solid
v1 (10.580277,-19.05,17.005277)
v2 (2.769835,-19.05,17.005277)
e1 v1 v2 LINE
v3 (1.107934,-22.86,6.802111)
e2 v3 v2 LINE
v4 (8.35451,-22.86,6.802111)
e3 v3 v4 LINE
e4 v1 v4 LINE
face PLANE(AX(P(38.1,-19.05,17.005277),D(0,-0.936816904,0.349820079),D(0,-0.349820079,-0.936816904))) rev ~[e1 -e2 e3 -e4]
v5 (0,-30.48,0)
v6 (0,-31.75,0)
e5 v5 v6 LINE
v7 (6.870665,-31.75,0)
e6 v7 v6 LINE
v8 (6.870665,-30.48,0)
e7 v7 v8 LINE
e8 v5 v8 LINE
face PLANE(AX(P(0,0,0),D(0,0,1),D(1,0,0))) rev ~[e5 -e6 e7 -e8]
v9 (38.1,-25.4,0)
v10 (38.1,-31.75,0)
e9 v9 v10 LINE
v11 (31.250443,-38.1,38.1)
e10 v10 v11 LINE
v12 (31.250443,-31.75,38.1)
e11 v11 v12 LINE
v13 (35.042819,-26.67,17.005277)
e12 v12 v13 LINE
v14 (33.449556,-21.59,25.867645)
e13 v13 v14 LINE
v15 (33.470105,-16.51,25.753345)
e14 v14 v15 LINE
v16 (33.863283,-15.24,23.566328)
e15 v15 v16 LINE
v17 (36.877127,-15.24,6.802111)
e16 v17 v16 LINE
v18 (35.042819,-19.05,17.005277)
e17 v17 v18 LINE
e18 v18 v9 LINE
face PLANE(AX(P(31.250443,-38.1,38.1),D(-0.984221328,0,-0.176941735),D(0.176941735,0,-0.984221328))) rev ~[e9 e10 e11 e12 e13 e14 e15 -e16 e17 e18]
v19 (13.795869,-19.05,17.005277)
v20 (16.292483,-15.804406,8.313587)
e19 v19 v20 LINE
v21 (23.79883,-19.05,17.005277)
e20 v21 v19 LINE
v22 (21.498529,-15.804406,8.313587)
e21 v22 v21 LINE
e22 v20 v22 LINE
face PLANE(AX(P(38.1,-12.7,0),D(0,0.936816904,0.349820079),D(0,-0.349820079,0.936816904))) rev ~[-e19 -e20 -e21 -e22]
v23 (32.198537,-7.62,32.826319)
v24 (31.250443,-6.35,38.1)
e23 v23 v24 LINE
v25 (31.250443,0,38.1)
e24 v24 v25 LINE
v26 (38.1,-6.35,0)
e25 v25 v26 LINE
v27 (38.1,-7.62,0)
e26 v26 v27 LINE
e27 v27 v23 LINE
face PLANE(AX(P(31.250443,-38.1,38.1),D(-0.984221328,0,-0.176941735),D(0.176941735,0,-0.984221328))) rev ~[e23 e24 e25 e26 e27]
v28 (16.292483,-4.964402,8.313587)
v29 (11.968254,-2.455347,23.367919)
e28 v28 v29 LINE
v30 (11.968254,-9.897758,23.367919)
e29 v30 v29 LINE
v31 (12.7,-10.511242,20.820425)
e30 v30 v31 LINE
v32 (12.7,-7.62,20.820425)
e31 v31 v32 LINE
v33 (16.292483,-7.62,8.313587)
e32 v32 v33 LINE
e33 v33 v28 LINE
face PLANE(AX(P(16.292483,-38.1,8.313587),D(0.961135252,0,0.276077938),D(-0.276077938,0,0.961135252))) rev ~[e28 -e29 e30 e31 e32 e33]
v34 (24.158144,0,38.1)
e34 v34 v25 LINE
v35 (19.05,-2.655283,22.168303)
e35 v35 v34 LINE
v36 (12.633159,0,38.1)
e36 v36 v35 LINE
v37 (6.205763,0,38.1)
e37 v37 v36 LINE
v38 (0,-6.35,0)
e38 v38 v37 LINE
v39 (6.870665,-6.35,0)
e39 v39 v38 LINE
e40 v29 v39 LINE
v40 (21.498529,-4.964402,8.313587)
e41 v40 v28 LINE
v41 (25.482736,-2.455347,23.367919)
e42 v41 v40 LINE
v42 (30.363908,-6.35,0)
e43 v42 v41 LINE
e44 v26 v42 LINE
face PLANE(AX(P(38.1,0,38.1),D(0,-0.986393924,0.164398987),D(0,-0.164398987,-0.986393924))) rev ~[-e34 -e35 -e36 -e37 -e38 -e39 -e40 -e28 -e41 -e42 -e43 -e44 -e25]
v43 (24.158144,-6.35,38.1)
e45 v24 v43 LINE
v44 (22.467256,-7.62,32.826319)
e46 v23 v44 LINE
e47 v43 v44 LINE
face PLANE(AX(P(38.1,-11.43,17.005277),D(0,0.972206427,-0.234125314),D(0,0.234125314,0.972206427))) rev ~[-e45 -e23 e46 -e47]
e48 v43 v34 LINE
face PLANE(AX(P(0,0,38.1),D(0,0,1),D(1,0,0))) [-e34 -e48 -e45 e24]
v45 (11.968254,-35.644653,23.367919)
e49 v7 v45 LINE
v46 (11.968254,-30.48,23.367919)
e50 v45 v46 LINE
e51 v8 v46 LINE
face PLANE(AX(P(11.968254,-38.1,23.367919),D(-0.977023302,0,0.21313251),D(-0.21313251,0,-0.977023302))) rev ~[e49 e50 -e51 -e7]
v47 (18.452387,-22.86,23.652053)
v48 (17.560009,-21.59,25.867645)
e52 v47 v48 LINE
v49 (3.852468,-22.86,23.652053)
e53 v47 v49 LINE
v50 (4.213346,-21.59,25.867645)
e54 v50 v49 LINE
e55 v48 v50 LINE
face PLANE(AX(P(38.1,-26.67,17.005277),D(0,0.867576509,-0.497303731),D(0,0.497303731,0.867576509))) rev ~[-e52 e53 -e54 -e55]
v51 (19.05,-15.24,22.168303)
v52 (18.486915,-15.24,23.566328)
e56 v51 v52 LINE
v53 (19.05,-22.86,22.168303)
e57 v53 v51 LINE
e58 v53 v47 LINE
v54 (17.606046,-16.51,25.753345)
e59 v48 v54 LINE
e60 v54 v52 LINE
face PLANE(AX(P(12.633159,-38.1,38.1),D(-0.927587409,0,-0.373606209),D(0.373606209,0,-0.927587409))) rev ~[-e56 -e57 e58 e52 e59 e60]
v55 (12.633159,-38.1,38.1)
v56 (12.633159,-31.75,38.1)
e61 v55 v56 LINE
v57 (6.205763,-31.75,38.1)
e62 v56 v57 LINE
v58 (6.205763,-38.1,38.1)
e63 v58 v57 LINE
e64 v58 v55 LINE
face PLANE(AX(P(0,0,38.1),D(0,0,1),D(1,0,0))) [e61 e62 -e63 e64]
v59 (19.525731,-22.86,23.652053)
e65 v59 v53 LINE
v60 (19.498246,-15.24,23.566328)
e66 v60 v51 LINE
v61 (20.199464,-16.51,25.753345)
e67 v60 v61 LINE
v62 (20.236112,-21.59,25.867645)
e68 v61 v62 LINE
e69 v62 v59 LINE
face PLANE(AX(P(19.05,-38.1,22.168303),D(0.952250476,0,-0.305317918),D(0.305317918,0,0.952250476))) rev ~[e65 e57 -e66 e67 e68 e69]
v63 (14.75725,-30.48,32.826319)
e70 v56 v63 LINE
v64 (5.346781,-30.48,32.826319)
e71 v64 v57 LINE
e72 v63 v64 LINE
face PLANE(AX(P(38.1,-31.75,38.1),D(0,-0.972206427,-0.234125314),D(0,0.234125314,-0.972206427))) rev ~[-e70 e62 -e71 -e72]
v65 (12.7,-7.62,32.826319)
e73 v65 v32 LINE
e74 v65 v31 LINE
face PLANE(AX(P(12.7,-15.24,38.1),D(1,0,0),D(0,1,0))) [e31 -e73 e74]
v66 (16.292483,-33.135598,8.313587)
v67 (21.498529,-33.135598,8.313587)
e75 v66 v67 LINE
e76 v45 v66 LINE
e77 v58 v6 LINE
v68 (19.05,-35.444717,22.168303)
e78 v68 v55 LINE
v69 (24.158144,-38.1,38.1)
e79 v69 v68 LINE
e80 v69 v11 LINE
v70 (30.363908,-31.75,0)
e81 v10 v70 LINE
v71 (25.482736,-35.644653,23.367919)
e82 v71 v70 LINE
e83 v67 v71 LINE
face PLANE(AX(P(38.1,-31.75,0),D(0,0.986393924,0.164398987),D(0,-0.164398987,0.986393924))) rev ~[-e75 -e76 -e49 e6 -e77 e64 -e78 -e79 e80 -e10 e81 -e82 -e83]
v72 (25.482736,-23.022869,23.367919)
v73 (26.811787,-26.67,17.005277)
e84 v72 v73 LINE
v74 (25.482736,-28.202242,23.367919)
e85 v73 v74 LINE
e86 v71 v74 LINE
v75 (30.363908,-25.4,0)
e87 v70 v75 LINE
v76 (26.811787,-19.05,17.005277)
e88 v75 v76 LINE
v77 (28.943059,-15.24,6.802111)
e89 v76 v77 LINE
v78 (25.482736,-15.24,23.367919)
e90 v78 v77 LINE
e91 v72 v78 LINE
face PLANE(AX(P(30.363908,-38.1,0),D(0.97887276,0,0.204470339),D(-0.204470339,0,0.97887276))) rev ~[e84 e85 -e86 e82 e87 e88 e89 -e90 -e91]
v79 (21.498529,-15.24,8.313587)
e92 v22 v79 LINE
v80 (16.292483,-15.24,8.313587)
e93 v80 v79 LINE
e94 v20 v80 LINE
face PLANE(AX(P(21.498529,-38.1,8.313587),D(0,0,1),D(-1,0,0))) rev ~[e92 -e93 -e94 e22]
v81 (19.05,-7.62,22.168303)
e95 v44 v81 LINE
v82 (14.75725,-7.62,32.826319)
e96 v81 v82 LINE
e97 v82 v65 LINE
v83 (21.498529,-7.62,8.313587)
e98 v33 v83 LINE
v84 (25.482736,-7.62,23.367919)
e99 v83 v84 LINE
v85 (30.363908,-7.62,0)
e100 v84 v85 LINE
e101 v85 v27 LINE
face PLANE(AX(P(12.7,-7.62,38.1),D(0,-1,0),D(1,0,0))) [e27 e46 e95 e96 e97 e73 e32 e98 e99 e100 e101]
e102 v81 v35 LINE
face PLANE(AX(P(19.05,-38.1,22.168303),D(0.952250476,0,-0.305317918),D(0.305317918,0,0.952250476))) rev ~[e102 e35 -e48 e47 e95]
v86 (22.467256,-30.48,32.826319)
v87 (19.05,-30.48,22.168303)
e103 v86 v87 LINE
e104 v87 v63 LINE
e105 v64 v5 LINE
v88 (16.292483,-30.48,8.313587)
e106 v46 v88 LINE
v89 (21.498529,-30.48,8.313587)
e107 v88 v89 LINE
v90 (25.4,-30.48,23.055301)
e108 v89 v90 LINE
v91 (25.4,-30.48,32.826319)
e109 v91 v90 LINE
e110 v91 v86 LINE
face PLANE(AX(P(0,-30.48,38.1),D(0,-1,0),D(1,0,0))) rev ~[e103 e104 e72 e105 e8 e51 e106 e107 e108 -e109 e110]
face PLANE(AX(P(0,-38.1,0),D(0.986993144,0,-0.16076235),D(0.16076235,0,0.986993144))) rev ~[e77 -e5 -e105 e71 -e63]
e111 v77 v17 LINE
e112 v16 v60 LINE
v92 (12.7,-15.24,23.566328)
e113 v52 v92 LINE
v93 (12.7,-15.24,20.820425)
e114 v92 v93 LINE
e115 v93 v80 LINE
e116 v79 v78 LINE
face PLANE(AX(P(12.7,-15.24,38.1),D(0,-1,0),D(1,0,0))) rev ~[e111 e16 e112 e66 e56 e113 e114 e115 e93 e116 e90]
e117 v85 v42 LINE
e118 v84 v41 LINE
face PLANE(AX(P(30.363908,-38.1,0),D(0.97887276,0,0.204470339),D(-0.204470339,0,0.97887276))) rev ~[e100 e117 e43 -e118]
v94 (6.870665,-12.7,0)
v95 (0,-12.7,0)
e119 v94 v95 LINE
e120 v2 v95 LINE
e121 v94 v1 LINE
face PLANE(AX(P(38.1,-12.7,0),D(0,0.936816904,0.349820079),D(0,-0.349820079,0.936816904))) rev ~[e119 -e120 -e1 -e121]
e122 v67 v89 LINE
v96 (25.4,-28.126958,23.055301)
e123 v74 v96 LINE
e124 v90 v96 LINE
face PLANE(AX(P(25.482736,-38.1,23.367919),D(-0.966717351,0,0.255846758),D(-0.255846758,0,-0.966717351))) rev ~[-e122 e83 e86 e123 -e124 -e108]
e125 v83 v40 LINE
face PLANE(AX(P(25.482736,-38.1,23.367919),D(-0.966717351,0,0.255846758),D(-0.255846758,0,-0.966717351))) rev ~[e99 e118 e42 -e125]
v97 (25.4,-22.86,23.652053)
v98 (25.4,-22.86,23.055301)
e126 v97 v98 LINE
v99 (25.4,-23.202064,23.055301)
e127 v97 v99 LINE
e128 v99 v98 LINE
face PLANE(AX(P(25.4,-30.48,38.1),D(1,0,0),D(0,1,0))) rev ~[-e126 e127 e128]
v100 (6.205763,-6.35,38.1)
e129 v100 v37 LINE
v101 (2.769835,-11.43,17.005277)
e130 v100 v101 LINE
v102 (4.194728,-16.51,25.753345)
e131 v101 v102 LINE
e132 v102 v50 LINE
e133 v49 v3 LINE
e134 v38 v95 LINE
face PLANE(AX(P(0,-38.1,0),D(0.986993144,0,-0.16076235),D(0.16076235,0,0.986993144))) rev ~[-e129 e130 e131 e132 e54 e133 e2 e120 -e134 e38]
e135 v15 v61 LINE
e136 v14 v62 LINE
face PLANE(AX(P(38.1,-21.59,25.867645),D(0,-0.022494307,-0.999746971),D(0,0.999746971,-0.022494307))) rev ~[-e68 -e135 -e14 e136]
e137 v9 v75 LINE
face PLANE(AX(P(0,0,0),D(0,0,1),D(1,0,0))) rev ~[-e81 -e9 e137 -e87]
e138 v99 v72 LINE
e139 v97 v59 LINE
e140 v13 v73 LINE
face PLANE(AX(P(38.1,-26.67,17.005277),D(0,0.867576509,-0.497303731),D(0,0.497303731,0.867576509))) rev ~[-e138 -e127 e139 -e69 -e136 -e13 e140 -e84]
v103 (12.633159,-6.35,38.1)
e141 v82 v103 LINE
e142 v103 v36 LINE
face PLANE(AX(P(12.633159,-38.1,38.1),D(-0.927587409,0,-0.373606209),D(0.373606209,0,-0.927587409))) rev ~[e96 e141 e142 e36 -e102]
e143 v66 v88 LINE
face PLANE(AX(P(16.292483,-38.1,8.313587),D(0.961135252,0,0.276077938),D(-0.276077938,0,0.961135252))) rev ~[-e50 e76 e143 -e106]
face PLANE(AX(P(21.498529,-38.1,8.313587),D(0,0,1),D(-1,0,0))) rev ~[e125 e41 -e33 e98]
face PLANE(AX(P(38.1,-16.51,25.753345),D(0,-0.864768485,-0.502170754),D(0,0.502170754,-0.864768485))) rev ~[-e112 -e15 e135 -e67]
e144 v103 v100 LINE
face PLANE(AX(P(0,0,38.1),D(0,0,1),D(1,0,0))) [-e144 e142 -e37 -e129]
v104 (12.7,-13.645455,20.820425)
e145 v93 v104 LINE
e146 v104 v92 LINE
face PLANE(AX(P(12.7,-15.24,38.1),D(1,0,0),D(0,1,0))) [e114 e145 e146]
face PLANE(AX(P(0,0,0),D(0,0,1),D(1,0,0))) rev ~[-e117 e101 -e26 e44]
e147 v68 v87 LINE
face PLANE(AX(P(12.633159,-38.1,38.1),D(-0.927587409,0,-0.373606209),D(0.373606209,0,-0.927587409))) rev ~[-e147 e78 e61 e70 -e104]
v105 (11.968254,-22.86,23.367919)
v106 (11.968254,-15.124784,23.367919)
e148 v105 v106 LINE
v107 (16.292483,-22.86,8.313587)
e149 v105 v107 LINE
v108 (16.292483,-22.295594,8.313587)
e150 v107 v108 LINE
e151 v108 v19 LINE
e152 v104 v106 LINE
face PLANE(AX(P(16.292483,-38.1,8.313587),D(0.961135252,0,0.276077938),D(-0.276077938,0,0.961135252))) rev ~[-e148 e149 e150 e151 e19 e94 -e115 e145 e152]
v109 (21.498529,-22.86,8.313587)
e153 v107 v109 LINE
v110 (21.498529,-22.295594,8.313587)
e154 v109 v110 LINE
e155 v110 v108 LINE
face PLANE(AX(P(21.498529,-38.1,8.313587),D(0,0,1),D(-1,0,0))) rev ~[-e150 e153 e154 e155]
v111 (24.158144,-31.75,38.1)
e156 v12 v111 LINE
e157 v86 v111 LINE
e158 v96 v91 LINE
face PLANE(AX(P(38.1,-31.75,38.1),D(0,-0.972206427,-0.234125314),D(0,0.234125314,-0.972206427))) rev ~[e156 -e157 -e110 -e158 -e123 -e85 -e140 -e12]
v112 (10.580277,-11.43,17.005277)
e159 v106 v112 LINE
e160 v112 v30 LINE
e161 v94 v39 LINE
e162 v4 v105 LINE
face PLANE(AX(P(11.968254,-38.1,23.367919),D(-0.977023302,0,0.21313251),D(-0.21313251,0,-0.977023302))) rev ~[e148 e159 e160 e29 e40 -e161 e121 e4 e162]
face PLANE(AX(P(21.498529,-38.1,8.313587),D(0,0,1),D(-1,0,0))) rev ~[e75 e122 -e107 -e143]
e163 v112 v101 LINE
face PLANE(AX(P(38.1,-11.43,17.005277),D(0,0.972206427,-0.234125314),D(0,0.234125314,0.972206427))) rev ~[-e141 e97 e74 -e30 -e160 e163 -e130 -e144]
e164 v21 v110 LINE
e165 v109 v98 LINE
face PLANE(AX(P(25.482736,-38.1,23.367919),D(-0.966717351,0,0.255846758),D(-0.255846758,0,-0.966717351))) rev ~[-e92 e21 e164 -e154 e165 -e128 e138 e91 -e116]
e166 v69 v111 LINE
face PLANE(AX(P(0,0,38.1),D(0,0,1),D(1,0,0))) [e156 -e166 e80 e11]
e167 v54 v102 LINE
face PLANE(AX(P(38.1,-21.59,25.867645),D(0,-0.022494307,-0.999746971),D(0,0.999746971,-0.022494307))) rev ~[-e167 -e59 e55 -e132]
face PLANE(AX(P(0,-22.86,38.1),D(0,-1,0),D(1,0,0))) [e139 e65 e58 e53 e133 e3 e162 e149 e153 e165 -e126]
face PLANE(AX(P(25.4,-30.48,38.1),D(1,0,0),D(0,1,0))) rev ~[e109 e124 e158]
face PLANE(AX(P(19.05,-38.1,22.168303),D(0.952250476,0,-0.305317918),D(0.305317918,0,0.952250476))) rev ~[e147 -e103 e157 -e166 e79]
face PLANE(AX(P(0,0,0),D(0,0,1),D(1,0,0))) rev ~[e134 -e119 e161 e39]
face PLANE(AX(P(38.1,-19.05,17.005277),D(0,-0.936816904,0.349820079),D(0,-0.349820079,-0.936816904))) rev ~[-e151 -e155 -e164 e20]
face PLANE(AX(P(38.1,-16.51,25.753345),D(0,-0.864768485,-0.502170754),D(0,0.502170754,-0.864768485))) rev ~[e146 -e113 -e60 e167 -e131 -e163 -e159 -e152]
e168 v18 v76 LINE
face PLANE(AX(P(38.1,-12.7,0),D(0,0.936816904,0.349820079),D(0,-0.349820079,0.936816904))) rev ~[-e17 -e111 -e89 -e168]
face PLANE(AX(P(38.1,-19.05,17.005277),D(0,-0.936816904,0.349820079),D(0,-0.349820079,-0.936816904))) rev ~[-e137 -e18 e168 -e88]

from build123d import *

# Parameters (mm, degrees)
F0_W      = 38.1
F0_H      = 38.1
F1_DEPTH  = 38.1
F6_DEPTH  = 38.1
F8_DEPTH  = 38.1
F9_W      = 25.4
F9_H      = 7.62
F10_DEPTH = 38.1


with BuildPart() as f1:
    # F0 (on Front) → F1 (new body)
    with BuildSketch(Plane.XZ):
        with Locations((19.05, 19.05)):
            Rectangle(F0_W, F0_H)
    extrude(amount=F1_DEPTH)

    # F4 (on face) → F6 (cut)
    with BuildSketch(Plane.YZ.offset(38.1)):
        Polygon((-6.35, 38.1), (-31.75, 38.1), (-26.67, 17.005277), (-21.59, 25.867645), (-16.51, 25.753345), (-11.43, 17.005277), align=None)
        Polygon((-31.75, 0), (-38.1, 38.1), (-38.1, 0), align=None)
        Polygon((0, 0), (0, 38.1), (-6.35, 0), align=None)
        Polygon((-19.05, 17.005277), (-25.4, 0), (-12.7, 0), align=None)
    extrude(amount=-F6_DEPTH, mode=Mode.SUBTRACT)

    # F7 (on offset) → F8 (cut)
    with BuildSketch(Plane.XZ.offset(38.1)):
        Polygon((0, 38.1), (0, 0), (6.205763, 38.1), align=None)
        Polygon((11.968254, 23.367919), (6.870665, 0), (30.363908, 0), (25.482736, 23.367919), (21.498529, 8.313587), (16.292483, 8.313587), align=None)
        Polygon((31.250443, 38.1), (38.1, 0), (38.1, 38.1), align=None)
        Polygon((24.158144, 38.1), (12.633159, 38.1), (19.05, 22.168303), align=None)
    extrude(amount=-F8_DEPTH, mode=Mode.SUBTRACT)

    # F9 (on offset) → F10 (cut)
    with BuildSketch(Plane.XY.offset(38.1)):
        with Locations((25.4, -11.43)):
            Rectangle(F9_W, F9_H)
        with Locations((12.7, -26.67)):
            Rectangle(F9_W, F9_H)
    extrude(amount=-F10_DEPTH, mode=Mode.SUBTRACT)


solid = f1.part
